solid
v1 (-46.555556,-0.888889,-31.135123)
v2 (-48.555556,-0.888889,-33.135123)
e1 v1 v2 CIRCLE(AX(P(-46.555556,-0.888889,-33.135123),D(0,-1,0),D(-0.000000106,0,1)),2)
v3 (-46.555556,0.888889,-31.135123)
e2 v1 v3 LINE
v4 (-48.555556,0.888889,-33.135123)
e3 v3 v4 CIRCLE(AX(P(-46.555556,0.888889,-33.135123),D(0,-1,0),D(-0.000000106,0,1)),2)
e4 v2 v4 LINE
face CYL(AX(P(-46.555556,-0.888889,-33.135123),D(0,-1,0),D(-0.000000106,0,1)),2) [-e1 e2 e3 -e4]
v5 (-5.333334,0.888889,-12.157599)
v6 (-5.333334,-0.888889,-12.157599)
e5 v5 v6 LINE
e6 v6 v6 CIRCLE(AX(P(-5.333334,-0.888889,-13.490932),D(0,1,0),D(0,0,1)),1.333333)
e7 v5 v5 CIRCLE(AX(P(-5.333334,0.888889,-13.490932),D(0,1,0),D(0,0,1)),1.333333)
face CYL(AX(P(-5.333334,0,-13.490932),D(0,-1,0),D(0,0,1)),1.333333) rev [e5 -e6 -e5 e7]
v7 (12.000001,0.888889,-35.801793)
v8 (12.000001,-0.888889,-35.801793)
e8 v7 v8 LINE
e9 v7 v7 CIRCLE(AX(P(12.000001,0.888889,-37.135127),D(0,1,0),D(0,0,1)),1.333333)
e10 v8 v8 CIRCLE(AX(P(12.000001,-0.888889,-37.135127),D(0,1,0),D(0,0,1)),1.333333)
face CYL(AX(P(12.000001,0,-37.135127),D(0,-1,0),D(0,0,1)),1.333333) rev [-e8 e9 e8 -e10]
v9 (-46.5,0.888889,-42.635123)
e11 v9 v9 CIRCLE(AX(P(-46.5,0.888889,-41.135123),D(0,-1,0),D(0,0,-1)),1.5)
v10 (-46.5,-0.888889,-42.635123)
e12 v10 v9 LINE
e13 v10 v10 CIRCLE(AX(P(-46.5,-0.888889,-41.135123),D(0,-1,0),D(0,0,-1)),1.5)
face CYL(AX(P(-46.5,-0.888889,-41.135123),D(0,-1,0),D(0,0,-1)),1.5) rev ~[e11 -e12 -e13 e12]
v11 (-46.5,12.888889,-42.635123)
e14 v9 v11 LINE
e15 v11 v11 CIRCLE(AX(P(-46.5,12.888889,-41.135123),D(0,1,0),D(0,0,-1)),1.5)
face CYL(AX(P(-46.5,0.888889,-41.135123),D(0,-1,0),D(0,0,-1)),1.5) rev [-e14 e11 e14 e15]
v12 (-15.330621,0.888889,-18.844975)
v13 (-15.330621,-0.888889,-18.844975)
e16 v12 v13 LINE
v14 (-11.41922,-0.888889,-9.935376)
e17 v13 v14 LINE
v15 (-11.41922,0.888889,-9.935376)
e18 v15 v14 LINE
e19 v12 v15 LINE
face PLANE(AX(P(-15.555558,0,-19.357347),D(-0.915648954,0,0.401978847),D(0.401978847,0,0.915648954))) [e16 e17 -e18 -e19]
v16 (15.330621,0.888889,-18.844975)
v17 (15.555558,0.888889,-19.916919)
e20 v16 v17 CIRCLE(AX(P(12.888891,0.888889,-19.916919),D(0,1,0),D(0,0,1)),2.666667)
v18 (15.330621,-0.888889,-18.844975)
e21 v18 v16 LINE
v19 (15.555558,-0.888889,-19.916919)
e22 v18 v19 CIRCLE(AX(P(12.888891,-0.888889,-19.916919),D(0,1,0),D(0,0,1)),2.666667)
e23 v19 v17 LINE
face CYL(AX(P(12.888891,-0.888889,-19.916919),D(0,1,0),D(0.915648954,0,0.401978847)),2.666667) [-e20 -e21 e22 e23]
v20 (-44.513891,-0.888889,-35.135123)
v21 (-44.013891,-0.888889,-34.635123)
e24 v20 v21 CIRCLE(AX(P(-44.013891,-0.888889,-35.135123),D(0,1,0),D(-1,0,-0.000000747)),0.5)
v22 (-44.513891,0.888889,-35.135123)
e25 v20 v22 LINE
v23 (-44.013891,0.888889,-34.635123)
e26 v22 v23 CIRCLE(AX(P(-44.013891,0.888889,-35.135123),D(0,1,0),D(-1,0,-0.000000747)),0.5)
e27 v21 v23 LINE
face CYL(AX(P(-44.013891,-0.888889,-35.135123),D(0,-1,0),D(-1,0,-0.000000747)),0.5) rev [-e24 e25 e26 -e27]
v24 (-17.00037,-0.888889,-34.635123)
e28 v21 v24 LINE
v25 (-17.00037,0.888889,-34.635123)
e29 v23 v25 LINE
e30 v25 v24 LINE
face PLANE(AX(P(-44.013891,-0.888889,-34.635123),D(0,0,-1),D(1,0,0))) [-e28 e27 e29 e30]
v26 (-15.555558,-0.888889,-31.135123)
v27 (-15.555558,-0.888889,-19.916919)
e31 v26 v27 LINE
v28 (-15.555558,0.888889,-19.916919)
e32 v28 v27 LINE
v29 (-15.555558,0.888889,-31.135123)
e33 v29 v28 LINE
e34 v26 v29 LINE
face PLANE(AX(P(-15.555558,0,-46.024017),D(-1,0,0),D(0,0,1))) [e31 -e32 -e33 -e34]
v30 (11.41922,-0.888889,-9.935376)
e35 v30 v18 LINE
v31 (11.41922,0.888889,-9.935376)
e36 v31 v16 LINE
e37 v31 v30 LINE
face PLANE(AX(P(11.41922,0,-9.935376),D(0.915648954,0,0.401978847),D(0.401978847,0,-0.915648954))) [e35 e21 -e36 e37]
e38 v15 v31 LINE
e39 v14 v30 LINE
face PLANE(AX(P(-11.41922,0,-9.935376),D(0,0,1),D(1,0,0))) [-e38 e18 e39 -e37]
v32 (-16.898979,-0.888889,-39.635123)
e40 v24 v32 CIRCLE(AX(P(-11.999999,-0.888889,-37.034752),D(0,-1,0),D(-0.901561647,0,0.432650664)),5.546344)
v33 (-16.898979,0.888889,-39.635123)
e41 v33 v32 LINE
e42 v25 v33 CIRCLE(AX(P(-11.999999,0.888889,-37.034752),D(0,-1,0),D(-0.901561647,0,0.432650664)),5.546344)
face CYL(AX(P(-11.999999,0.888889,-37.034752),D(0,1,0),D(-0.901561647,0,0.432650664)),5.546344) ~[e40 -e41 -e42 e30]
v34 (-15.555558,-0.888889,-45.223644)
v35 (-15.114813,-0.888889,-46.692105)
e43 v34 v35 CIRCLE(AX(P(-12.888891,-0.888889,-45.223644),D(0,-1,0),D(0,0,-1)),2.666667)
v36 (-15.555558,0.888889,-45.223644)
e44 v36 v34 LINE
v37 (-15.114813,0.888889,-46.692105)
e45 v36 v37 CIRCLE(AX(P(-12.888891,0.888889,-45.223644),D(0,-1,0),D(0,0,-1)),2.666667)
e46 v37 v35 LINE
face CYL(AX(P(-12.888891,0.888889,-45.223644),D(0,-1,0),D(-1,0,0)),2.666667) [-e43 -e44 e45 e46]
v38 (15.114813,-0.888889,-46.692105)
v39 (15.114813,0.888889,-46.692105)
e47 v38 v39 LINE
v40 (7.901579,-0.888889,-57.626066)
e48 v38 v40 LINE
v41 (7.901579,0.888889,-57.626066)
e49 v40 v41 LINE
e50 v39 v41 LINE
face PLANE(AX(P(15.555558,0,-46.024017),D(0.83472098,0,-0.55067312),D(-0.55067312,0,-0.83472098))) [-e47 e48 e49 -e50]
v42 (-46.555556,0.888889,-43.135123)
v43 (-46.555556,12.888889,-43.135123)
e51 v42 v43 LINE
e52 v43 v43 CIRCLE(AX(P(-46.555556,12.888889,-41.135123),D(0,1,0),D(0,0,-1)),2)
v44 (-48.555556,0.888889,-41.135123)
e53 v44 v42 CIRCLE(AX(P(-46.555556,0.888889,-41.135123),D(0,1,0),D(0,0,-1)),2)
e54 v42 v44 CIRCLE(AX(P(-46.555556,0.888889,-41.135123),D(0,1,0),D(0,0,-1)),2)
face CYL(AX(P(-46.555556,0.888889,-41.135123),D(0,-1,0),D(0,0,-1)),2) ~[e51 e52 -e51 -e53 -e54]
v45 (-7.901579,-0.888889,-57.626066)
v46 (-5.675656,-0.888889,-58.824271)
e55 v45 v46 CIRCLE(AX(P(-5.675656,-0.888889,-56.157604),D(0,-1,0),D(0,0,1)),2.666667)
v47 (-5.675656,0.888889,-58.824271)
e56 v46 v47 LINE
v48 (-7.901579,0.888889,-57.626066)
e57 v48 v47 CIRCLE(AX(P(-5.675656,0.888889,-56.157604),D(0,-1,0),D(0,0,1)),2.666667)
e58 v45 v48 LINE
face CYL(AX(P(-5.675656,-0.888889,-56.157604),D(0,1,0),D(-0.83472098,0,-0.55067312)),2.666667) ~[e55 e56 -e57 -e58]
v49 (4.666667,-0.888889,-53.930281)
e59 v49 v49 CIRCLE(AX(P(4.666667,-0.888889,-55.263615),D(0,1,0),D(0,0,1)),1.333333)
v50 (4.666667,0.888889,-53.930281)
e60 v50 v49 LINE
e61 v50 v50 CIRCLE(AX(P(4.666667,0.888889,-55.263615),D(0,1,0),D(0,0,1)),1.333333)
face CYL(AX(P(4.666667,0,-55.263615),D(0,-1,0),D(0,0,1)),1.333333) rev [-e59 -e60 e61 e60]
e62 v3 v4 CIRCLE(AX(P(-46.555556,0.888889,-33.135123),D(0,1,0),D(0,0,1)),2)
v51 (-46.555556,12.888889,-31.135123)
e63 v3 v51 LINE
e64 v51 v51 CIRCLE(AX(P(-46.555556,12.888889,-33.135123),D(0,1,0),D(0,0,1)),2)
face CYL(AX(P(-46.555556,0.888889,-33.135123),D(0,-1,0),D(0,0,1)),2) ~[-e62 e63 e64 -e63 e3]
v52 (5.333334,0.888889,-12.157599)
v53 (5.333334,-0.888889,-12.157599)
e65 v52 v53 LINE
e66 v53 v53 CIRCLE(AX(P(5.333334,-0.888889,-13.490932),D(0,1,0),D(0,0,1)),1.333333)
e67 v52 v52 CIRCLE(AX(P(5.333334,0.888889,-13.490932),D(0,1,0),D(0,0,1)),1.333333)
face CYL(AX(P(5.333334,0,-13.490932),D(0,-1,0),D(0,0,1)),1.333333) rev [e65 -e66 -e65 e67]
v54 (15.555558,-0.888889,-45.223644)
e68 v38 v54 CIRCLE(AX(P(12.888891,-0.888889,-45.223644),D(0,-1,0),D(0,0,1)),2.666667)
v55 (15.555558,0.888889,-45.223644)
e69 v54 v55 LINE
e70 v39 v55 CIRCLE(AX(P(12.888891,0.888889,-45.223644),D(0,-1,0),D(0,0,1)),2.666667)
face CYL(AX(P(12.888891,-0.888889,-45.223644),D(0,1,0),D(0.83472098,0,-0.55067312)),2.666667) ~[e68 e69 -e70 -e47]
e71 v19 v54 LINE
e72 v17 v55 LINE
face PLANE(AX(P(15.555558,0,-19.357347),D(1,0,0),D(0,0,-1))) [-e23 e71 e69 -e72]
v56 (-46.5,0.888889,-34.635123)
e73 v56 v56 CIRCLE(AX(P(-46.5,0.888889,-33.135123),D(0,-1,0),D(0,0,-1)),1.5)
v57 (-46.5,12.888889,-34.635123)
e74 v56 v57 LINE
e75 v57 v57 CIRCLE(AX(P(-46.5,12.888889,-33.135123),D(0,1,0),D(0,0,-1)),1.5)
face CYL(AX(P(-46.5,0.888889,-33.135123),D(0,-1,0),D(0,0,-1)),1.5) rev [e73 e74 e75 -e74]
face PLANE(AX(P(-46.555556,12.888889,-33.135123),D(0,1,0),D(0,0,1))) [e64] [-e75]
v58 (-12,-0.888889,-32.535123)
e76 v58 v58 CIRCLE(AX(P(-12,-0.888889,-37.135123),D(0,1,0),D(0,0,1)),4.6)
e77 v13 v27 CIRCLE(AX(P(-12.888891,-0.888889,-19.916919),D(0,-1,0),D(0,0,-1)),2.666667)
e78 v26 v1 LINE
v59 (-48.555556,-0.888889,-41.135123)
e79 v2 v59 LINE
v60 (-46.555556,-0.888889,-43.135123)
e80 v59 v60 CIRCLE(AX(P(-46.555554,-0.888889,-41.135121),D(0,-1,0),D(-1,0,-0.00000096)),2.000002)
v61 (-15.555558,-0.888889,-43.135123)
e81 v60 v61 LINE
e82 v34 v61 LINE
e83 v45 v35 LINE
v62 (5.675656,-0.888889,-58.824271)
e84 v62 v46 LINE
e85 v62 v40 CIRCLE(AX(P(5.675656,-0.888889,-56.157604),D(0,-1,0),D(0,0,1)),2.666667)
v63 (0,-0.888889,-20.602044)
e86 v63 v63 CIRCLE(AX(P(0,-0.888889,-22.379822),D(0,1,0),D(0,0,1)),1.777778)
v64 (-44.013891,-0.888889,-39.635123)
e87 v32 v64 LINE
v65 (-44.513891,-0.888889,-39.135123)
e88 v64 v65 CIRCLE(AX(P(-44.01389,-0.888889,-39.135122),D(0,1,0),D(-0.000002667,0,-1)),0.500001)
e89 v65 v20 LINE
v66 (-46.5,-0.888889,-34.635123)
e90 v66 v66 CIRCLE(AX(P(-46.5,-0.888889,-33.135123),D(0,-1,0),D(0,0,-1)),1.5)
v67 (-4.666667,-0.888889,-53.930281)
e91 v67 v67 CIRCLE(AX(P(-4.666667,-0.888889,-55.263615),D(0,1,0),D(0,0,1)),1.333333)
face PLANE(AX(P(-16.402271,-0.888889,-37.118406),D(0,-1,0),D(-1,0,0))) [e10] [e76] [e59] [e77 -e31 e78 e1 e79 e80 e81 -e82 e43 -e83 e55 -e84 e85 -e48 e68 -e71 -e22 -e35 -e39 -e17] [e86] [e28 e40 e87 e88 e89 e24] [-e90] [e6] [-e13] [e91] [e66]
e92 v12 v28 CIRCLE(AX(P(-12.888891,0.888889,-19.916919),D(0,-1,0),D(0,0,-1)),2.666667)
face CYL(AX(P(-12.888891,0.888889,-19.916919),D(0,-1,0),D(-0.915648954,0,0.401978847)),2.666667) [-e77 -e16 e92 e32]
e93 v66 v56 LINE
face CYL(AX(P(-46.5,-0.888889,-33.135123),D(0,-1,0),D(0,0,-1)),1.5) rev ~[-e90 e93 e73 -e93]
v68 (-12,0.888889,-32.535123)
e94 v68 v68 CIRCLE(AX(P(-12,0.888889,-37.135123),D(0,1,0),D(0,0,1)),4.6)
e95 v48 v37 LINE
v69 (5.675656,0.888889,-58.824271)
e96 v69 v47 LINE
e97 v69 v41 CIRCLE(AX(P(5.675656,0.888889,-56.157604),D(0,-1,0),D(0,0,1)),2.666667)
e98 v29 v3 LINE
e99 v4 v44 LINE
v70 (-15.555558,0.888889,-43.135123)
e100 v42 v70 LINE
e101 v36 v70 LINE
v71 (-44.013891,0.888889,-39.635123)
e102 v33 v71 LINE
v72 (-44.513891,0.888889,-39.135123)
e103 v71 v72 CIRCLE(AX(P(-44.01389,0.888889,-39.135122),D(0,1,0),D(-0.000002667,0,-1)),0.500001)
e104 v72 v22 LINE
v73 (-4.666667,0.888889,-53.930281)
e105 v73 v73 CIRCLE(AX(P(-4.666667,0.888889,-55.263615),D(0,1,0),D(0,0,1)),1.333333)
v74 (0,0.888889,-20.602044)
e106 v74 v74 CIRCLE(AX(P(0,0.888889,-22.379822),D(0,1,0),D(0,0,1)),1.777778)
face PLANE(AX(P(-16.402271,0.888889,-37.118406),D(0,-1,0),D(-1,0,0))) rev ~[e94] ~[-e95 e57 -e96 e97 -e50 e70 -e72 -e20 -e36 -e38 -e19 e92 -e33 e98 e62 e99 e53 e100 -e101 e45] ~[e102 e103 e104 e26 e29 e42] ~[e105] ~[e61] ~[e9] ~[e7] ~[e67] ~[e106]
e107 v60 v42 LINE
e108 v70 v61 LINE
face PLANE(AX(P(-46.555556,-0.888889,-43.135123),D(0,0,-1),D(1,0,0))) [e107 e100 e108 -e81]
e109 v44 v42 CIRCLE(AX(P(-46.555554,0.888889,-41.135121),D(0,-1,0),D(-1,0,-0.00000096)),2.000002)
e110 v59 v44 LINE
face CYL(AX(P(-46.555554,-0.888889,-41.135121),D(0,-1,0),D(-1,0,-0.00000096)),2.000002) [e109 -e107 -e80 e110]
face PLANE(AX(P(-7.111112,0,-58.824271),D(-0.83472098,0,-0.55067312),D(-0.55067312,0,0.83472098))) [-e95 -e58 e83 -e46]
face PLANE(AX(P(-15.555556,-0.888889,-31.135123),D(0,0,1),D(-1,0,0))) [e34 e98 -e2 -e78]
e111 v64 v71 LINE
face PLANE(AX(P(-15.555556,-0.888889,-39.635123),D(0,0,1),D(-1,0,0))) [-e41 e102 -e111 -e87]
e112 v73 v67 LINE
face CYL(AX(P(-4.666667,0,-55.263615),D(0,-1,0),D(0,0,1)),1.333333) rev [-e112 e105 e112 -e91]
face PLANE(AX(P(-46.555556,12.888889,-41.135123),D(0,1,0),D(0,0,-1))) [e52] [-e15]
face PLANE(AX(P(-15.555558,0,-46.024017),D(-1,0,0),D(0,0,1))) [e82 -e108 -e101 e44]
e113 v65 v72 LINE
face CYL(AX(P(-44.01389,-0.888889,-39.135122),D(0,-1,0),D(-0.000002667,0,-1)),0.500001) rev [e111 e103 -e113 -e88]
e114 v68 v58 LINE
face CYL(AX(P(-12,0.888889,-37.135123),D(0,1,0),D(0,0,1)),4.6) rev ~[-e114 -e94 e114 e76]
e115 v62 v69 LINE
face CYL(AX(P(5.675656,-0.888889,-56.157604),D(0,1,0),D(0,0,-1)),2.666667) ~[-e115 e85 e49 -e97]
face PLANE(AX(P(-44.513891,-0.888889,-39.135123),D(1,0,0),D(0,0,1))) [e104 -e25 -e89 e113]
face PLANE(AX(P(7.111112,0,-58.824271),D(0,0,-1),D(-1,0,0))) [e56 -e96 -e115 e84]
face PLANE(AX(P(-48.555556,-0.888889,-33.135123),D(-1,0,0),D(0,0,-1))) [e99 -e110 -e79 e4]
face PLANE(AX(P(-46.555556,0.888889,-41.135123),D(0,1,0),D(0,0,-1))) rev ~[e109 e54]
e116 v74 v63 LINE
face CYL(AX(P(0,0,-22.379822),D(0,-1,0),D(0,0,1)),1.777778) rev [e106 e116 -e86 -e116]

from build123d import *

# Parameters (mm, degrees)
CROQUIS1_R              = 2
CROQUIS1_R_2            = 1.5
SALIENTE_EXTRUIR1_DEPTH = 1
REDONDEO1_R             = 3
SCALE1_SCALE            = 0.888889
SKETCH1_R               = 1.5
BOSS_EXTRUDE1_DEPTH     = 1.777778
BOSS_EXTRUDE2_DEPTH     = 1.777778
SKETCH3_R               = 4.6
CUT_EXTRUDE1_DEPTH      = 10
SKETCH4_R               = 2
SKETCH4_R_2             = 1.5
BOSS_EXTRUDE3_DEPTH     = 12


with BuildPart() as part:
    # Croquis1 → Saliente-Extruir1 (new, symmetric)
    with BuildSketch(Plane(origin=(0, 0, 0), x_dir=(1, 0, 0), z_dir=(0, 1, 0))):
        Polygon((12.846621, 7), (17.5, 17.599716), (17.5, 47.599716), (8, 62), (-8, 62), (-17.5, 47.599716), (-17.5, 17.599716), (-12.846621, 7), align=None)
        with Locations(Location((0, 21, 0), (0, 0, 270))):
            Circle(CROQUIS1_R, mode=Mode.SUBTRACT)
        with Locations(Location((-5.25, 57.994262, 0), (0, 0, 270))):
            Circle(CROQUIS1_R_2, mode=Mode.SUBTRACT)
        with Locations(Location((-13.5, 37.599716, 0), (0, 0, 270))):
            Circle(CROQUIS1_R_2, mode=Mode.SUBTRACT)
        with Locations(Location((13.5, 37.599716, 0), (0, 0, 270))):
            Circle(CROQUIS1_R_2, mode=Mode.SUBTRACT)
        with Locations(Location((5.25, 57.994262, 0), (0, 0, 270))):
            Circle(CROQUIS1_R_2, mode=Mode.SUBTRACT)
        with Locations(Location((-6, 11, 0), (0, 0, 270))):
            Circle(CROQUIS1_R_2, mode=Mode.SUBTRACT)
        with Locations(Location((6, 11, 0), (0, 0, 270))):
            Circle(CROQUIS1_R_2, mode=Mode.SUBTRACT)
    extrude(amount=SALIENTE_EXTRUIR1_DEPTH, both=True)

    # Redondeo1
    redondeo1_edges = [part.edges().sort_by_distance(p)[0] for p in [
        (17.5, 0, -17.599716),
        (-17.5, 0, -17.599716),
        (-17.5, 0, -47.599716),
        (-8, 0, -62),
        (8, 0, -62),
        (17.5, 0, -47.599716),
    ]]
    fillet(redondeo1_edges, radius=REDONDEO1_R)


with BuildPart() as part_1:
    # Scale1: scaled about (0, 0, -33.418377)
    add(part.part.scale(SCALE1_SCALE).moved(Location((0, 0, -3.713153))))

    # Sketch1 → Boss-Extrude1 (add)
    with BuildSketch(Plane.XZ.offset(0.888889)):
        with BuildLine():
            Line((-15.555556, -31.135123), (-46.555556, -31.135123))
            ThreePointArc((-46.555556, -31.135123), (-47.969769, -31.720909), (-48.555556, -33.135123))
            Line((-48.555556, -33.135123), (-48.555556, -41.135123))
            ThreePointArc((-48.555556, -41.135123), (-47.969769, -42.549336), (-46.555556, -43.135123))
            Line((-46.555556, -43.135123), (-15.555556, -43.135123))
            Line((-15.555556, -43.135123), (-15.555556, -39.635123))
            Line((-15.555556, -39.635123), (-44.013891, -39.635123))
            ThreePointArc((-44.013891, -39.635123), (-44.367444, -39.488676), (-44.513891, -39.135123))
            Line((-44.513891, -39.135123), (-44.513891, -35.135123))
            ThreePointArc((-44.513891, -35.135123), (-44.367444, -34.781569), (-44.013891, -34.635123))
            Line((-44.013891, -34.635123), (-15.555556, -34.635123))
            Line((-15.555556, -34.635123), (-15.555556, -31.135123))
        make_face()
        with Locations(Location((-46.5, -33.135123, 0), (0, 0, 270))):
            Circle(SKETCH1_R, mode=Mode.SUBTRACT)
        with Locations(Location((-46.5, -41.135123, 0), (0, 0, 270))):
            Circle(SKETCH1_R, mode=Mode.SUBTRACT)
    extrude(amount=-BOSS_EXTRUDE1_DEPTH)

    # Sketch2 → Boss-Extrude2 (add)
    with BuildSketch(Plane(origin=(0, 0.888889, 0), x_dir=(1, 0, 0), z_dir=(0, 1, 0))):
        with BuildLine():
            Line((-16.898979, 39.635123), (-15.555556, 39.635123))
            Line((-15.555556, 39.635123), (-15.555556, 34.635123))
            Line((-15.555556, 34.635123), (-17.00037, 34.635123))
            ThreePointArc((-17.00037, 34.635123), (-17.545203, 37.147199), (-16.898979, 39.635123))
        make_face()
    extrude(amount=-BOSS_EXTRUDE2_DEPTH)

    # Sketch3 → Cut-Extrude1 (cut)
    with BuildSketch(Plane(origin=(0, 0.888889, 0), x_dir=(1, 0, 0), z_dir=(0, 1, 0))):
        with Locations(Location((-12, 37.135123, 0), (0, 0, 270))):
            Circle(SKETCH3_R)
    extrude(amount=-CUT_EXTRUDE1_DEPTH, mode=Mode.SUBTRACT)

    # Sketch4 → Boss-Extrude3 (add)
    # profile 1 of 2: a face of its own
    with BuildSketch(Plane(origin=(0, 0.888889, 0), x_dir=(1, 0, 0), z_dir=(0, 1, 0))):
        with Locations(Location((-46.555556, 41.135123, 0), (0, 0, 90))):
            Circle(SKETCH4_R)
        with Locations(Location((-46.5, 41.135123, 0), (0, 0, 90))):
            Circle(SKETCH4_R_2, mode=Mode.SUBTRACT)
    # profile 2 of 2: a face of its own
    with BuildSketch(Plane(origin=(0, 0.888889, 0), x_dir=(1, 0, 0), z_dir=(0, 1, 0))):
        with Locations(Location((-46.555556, 33.135123, 0), (0, 0, 270))):
            Circle(SKETCH4_R)
        with Locations(Location((-46.5, 33.135123, 0), (0, 0, 90))):
            Circle(SKETCH4_R_2, mode=Mode.SUBTRACT)
    extrude(amount=BOSS_EXTRUDE3_DEPTH)


solid = part_1.part
